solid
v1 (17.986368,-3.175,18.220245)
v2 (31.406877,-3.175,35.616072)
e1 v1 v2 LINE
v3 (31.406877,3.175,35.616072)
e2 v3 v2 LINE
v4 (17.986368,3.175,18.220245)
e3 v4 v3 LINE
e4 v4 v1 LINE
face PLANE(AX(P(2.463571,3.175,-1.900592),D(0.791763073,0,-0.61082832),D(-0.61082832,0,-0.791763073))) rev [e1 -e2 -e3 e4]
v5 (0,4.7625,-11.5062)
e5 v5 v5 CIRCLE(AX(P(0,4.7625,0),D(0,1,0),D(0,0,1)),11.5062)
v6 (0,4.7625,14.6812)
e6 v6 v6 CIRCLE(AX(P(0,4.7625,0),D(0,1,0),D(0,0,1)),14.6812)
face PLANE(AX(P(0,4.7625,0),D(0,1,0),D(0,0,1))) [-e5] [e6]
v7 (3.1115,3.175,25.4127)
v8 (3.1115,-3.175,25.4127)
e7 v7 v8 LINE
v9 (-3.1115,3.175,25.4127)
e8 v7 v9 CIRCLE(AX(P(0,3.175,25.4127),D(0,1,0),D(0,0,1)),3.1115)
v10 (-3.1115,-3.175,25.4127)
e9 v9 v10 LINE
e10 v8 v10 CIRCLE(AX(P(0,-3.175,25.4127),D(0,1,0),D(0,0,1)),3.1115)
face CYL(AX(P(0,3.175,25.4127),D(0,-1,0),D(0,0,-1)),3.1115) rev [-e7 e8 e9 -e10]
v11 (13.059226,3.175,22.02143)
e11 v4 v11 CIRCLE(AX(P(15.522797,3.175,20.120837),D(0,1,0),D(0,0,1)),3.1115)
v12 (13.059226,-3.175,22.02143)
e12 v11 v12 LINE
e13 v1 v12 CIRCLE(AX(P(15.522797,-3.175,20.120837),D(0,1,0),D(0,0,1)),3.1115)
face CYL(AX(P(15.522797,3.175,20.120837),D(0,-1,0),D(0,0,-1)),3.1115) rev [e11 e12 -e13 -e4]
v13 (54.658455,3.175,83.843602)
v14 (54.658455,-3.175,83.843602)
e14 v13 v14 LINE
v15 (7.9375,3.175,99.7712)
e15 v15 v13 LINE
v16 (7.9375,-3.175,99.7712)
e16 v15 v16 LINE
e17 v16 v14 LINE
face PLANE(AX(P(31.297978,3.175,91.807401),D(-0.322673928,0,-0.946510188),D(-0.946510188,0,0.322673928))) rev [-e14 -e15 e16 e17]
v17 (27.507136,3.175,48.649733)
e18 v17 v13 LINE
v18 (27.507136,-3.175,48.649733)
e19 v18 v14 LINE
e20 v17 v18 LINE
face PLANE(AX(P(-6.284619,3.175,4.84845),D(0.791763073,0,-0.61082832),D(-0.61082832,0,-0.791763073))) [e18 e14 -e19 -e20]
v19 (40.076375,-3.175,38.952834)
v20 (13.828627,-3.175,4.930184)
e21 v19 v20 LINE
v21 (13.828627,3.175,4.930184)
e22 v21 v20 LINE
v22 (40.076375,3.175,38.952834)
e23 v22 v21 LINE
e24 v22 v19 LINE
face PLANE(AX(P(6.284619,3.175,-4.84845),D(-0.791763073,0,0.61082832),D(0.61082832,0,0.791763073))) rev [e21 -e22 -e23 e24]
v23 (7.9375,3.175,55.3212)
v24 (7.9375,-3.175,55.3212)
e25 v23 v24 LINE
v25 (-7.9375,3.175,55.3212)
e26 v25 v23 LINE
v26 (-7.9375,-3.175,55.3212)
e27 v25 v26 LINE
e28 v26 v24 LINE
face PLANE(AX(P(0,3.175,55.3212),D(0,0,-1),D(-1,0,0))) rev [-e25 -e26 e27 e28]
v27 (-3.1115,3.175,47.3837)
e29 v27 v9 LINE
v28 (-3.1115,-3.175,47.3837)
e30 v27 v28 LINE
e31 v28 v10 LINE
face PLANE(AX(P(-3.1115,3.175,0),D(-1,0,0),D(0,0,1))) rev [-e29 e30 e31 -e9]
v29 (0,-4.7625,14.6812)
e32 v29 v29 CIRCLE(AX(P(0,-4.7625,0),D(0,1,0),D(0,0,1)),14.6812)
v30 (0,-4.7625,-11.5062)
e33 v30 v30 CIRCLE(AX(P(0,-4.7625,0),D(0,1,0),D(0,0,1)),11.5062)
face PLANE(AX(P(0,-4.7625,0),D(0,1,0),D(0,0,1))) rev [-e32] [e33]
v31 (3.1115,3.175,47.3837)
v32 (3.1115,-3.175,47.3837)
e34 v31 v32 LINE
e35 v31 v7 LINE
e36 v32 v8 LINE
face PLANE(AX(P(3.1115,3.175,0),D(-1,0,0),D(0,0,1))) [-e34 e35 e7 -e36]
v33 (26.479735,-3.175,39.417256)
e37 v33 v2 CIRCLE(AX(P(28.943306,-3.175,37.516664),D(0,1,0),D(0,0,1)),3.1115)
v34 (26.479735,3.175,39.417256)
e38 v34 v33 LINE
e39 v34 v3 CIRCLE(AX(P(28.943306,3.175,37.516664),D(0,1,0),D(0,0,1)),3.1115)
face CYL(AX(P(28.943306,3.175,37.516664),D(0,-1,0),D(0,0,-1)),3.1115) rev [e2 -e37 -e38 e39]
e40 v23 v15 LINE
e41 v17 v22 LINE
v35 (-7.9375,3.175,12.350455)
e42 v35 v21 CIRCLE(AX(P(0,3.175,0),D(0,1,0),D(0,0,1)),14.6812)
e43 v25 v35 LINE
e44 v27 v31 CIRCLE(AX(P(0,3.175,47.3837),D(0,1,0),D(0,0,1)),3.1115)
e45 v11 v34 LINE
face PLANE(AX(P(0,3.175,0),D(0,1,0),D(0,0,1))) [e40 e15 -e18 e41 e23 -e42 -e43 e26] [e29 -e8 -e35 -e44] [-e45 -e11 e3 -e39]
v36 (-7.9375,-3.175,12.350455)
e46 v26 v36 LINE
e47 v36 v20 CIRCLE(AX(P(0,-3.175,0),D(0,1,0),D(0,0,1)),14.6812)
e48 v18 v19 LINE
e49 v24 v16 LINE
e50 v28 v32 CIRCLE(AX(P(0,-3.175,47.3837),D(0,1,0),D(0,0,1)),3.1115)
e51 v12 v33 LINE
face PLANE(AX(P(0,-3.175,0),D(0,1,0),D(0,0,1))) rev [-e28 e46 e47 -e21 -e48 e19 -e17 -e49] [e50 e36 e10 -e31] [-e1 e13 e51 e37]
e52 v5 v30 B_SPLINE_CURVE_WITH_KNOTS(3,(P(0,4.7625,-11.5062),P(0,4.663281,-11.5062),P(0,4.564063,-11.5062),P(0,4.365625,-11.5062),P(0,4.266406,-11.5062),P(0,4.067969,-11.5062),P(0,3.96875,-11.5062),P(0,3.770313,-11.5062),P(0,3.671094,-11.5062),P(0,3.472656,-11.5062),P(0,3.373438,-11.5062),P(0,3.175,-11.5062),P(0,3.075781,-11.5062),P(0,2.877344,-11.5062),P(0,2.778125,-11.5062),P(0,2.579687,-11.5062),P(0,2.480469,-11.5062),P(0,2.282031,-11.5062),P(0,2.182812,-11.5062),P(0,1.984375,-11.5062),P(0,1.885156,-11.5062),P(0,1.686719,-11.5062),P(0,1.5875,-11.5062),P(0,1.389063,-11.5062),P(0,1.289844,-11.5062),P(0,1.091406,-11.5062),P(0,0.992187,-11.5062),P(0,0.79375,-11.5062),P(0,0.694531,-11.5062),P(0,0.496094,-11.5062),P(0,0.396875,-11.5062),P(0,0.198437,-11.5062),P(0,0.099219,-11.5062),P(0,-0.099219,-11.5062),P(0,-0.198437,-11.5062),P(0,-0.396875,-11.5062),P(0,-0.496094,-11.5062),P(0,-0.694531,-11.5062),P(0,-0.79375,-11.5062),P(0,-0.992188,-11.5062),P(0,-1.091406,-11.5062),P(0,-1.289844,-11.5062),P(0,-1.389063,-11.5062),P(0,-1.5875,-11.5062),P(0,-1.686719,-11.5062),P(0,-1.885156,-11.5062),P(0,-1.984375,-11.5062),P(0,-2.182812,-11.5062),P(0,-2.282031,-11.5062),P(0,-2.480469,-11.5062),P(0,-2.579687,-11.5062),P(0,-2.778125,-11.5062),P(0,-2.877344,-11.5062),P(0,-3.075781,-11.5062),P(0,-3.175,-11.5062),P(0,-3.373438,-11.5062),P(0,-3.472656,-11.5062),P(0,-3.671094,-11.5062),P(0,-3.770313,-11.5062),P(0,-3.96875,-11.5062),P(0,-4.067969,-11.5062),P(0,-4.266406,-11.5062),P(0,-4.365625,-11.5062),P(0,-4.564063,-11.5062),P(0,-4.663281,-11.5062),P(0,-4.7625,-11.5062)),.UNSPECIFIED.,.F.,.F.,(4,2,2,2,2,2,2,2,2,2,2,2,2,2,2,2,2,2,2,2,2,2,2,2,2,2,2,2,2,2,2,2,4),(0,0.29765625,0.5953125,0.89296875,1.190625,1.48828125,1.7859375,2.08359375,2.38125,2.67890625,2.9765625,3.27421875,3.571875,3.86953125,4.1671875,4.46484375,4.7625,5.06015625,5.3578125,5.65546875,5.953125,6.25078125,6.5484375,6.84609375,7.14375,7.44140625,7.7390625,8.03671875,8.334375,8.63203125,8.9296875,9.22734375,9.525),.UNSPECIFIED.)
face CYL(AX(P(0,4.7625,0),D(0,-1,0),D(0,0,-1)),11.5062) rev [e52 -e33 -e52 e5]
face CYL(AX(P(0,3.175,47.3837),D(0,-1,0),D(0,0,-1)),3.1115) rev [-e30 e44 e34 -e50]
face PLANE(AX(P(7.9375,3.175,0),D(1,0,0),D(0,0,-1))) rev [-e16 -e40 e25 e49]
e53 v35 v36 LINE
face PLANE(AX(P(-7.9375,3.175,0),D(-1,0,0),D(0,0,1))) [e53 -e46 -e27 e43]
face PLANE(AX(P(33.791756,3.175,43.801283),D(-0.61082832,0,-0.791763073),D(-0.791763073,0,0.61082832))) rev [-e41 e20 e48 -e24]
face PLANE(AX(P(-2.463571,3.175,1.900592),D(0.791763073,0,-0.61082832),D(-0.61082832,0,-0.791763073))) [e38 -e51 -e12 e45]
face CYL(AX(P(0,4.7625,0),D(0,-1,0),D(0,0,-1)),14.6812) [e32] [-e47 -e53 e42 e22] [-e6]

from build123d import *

# Parameters (mm, degrees)
SKETCH1_R             = 11.5062
BEARING_EXTRUDE_DEPTH = 4.7625
BOSS_EXTRUDE2_DEPTH   = 3.175


with BuildPart() as part:
    # Sketch1 → Bearing extrude (new, symmetric)
    with BuildSketch(Plane(origin=(0, 0, 0), x_dir=(1, 0, 0), z_dir=(0, 1, 0))):
        with BuildLine():
            ThreePointArc((14.6812, 0), (-7.035822924, 12.885450292), (-7.9375, -12.350454534))
            ThreePointArc((-7.9375, -12.350454534), (4.737240469, -13.895905375), (13.828626786, -4.930184039))
            ThreePointArc((13.828626786, -4.930184039), (14.466486599, -2.501679223), (14.6812, 0))
        make_face()
        Circle(SKETCH1_R, mode=Mode.SUBTRACT)
    extrude(amount=BEARING_EXTRUDE_DEPTH, both=True)

    # Sketch1<5> → Boss-Extrude2 (add, symmetric)
    with BuildSketch(Plane(origin=(0, 0, 0), x_dir=(1, 0, 0), z_dir=(0, 1, 0))):
        with BuildLine():
            Line((-7.9375, -12.350454534), (-7.9375, -55.3212))
            Line((-7.9375, -55.3212), (7.9375, -55.3212))
            Line((7.9375, -55.3212), (7.9375, -99.7712))
            Line((7.9375, -99.7712), (54.658455113, -83.843601666))
            Line((54.658455113, -83.843601666), (27.50713628, -48.649733087))
            Line((27.50713628, -48.649733087), (33.791755669, -43.801283295))
            Line((33.791755669, -43.801283295), (40.076375058, -38.952833503))
            Line((40.076375058, -38.952833503), (13.828626786, -4.930184039))
            ThreePointArc((13.828626786, -4.930184039), (4.737240469, -13.895905375), (-7.9375, -12.350454534))
        make_face()
        with BuildLine():
            ThreePointArc((3.1115, -47.3837), (0, -50.4952), (-3.1115, -47.3837))
            Line((-3.1115, -47.3837), (-3.1115, -25.4127))
            ThreePointArc((-3.1115, -25.4127), (0, -22.3012), (3.1115, -25.4127))
            Line((3.1115, -25.4127), (3.1115, -47.3837))
        make_face(mode=Mode.SUBTRACT)
        with BuildLine():
            ThreePointArc((31.406876677, -35.616071587), (32.029235213, -37.914749808), (30.843898195, -39.980234706))
            ThreePointArc((30.843898195, -39.980234706), (28.545219974, -40.602593241), (26.479735076, -39.417256224))
            Line((26.479735076, -39.417256224), (13.059226053, -22.021429755))
            ThreePointArc((13.059226053, -22.021429755), (13.622204535, -17.657266636), (17.986367654, -18.220245118))
            Line((17.986367654, -18.220245118), (31.406876677, -35.616071587))
        make_face(mode=Mode.SUBTRACT)
    extrude(amount=BOSS_EXTRUDE2_DEPTH, both=True)


solid = part.part
